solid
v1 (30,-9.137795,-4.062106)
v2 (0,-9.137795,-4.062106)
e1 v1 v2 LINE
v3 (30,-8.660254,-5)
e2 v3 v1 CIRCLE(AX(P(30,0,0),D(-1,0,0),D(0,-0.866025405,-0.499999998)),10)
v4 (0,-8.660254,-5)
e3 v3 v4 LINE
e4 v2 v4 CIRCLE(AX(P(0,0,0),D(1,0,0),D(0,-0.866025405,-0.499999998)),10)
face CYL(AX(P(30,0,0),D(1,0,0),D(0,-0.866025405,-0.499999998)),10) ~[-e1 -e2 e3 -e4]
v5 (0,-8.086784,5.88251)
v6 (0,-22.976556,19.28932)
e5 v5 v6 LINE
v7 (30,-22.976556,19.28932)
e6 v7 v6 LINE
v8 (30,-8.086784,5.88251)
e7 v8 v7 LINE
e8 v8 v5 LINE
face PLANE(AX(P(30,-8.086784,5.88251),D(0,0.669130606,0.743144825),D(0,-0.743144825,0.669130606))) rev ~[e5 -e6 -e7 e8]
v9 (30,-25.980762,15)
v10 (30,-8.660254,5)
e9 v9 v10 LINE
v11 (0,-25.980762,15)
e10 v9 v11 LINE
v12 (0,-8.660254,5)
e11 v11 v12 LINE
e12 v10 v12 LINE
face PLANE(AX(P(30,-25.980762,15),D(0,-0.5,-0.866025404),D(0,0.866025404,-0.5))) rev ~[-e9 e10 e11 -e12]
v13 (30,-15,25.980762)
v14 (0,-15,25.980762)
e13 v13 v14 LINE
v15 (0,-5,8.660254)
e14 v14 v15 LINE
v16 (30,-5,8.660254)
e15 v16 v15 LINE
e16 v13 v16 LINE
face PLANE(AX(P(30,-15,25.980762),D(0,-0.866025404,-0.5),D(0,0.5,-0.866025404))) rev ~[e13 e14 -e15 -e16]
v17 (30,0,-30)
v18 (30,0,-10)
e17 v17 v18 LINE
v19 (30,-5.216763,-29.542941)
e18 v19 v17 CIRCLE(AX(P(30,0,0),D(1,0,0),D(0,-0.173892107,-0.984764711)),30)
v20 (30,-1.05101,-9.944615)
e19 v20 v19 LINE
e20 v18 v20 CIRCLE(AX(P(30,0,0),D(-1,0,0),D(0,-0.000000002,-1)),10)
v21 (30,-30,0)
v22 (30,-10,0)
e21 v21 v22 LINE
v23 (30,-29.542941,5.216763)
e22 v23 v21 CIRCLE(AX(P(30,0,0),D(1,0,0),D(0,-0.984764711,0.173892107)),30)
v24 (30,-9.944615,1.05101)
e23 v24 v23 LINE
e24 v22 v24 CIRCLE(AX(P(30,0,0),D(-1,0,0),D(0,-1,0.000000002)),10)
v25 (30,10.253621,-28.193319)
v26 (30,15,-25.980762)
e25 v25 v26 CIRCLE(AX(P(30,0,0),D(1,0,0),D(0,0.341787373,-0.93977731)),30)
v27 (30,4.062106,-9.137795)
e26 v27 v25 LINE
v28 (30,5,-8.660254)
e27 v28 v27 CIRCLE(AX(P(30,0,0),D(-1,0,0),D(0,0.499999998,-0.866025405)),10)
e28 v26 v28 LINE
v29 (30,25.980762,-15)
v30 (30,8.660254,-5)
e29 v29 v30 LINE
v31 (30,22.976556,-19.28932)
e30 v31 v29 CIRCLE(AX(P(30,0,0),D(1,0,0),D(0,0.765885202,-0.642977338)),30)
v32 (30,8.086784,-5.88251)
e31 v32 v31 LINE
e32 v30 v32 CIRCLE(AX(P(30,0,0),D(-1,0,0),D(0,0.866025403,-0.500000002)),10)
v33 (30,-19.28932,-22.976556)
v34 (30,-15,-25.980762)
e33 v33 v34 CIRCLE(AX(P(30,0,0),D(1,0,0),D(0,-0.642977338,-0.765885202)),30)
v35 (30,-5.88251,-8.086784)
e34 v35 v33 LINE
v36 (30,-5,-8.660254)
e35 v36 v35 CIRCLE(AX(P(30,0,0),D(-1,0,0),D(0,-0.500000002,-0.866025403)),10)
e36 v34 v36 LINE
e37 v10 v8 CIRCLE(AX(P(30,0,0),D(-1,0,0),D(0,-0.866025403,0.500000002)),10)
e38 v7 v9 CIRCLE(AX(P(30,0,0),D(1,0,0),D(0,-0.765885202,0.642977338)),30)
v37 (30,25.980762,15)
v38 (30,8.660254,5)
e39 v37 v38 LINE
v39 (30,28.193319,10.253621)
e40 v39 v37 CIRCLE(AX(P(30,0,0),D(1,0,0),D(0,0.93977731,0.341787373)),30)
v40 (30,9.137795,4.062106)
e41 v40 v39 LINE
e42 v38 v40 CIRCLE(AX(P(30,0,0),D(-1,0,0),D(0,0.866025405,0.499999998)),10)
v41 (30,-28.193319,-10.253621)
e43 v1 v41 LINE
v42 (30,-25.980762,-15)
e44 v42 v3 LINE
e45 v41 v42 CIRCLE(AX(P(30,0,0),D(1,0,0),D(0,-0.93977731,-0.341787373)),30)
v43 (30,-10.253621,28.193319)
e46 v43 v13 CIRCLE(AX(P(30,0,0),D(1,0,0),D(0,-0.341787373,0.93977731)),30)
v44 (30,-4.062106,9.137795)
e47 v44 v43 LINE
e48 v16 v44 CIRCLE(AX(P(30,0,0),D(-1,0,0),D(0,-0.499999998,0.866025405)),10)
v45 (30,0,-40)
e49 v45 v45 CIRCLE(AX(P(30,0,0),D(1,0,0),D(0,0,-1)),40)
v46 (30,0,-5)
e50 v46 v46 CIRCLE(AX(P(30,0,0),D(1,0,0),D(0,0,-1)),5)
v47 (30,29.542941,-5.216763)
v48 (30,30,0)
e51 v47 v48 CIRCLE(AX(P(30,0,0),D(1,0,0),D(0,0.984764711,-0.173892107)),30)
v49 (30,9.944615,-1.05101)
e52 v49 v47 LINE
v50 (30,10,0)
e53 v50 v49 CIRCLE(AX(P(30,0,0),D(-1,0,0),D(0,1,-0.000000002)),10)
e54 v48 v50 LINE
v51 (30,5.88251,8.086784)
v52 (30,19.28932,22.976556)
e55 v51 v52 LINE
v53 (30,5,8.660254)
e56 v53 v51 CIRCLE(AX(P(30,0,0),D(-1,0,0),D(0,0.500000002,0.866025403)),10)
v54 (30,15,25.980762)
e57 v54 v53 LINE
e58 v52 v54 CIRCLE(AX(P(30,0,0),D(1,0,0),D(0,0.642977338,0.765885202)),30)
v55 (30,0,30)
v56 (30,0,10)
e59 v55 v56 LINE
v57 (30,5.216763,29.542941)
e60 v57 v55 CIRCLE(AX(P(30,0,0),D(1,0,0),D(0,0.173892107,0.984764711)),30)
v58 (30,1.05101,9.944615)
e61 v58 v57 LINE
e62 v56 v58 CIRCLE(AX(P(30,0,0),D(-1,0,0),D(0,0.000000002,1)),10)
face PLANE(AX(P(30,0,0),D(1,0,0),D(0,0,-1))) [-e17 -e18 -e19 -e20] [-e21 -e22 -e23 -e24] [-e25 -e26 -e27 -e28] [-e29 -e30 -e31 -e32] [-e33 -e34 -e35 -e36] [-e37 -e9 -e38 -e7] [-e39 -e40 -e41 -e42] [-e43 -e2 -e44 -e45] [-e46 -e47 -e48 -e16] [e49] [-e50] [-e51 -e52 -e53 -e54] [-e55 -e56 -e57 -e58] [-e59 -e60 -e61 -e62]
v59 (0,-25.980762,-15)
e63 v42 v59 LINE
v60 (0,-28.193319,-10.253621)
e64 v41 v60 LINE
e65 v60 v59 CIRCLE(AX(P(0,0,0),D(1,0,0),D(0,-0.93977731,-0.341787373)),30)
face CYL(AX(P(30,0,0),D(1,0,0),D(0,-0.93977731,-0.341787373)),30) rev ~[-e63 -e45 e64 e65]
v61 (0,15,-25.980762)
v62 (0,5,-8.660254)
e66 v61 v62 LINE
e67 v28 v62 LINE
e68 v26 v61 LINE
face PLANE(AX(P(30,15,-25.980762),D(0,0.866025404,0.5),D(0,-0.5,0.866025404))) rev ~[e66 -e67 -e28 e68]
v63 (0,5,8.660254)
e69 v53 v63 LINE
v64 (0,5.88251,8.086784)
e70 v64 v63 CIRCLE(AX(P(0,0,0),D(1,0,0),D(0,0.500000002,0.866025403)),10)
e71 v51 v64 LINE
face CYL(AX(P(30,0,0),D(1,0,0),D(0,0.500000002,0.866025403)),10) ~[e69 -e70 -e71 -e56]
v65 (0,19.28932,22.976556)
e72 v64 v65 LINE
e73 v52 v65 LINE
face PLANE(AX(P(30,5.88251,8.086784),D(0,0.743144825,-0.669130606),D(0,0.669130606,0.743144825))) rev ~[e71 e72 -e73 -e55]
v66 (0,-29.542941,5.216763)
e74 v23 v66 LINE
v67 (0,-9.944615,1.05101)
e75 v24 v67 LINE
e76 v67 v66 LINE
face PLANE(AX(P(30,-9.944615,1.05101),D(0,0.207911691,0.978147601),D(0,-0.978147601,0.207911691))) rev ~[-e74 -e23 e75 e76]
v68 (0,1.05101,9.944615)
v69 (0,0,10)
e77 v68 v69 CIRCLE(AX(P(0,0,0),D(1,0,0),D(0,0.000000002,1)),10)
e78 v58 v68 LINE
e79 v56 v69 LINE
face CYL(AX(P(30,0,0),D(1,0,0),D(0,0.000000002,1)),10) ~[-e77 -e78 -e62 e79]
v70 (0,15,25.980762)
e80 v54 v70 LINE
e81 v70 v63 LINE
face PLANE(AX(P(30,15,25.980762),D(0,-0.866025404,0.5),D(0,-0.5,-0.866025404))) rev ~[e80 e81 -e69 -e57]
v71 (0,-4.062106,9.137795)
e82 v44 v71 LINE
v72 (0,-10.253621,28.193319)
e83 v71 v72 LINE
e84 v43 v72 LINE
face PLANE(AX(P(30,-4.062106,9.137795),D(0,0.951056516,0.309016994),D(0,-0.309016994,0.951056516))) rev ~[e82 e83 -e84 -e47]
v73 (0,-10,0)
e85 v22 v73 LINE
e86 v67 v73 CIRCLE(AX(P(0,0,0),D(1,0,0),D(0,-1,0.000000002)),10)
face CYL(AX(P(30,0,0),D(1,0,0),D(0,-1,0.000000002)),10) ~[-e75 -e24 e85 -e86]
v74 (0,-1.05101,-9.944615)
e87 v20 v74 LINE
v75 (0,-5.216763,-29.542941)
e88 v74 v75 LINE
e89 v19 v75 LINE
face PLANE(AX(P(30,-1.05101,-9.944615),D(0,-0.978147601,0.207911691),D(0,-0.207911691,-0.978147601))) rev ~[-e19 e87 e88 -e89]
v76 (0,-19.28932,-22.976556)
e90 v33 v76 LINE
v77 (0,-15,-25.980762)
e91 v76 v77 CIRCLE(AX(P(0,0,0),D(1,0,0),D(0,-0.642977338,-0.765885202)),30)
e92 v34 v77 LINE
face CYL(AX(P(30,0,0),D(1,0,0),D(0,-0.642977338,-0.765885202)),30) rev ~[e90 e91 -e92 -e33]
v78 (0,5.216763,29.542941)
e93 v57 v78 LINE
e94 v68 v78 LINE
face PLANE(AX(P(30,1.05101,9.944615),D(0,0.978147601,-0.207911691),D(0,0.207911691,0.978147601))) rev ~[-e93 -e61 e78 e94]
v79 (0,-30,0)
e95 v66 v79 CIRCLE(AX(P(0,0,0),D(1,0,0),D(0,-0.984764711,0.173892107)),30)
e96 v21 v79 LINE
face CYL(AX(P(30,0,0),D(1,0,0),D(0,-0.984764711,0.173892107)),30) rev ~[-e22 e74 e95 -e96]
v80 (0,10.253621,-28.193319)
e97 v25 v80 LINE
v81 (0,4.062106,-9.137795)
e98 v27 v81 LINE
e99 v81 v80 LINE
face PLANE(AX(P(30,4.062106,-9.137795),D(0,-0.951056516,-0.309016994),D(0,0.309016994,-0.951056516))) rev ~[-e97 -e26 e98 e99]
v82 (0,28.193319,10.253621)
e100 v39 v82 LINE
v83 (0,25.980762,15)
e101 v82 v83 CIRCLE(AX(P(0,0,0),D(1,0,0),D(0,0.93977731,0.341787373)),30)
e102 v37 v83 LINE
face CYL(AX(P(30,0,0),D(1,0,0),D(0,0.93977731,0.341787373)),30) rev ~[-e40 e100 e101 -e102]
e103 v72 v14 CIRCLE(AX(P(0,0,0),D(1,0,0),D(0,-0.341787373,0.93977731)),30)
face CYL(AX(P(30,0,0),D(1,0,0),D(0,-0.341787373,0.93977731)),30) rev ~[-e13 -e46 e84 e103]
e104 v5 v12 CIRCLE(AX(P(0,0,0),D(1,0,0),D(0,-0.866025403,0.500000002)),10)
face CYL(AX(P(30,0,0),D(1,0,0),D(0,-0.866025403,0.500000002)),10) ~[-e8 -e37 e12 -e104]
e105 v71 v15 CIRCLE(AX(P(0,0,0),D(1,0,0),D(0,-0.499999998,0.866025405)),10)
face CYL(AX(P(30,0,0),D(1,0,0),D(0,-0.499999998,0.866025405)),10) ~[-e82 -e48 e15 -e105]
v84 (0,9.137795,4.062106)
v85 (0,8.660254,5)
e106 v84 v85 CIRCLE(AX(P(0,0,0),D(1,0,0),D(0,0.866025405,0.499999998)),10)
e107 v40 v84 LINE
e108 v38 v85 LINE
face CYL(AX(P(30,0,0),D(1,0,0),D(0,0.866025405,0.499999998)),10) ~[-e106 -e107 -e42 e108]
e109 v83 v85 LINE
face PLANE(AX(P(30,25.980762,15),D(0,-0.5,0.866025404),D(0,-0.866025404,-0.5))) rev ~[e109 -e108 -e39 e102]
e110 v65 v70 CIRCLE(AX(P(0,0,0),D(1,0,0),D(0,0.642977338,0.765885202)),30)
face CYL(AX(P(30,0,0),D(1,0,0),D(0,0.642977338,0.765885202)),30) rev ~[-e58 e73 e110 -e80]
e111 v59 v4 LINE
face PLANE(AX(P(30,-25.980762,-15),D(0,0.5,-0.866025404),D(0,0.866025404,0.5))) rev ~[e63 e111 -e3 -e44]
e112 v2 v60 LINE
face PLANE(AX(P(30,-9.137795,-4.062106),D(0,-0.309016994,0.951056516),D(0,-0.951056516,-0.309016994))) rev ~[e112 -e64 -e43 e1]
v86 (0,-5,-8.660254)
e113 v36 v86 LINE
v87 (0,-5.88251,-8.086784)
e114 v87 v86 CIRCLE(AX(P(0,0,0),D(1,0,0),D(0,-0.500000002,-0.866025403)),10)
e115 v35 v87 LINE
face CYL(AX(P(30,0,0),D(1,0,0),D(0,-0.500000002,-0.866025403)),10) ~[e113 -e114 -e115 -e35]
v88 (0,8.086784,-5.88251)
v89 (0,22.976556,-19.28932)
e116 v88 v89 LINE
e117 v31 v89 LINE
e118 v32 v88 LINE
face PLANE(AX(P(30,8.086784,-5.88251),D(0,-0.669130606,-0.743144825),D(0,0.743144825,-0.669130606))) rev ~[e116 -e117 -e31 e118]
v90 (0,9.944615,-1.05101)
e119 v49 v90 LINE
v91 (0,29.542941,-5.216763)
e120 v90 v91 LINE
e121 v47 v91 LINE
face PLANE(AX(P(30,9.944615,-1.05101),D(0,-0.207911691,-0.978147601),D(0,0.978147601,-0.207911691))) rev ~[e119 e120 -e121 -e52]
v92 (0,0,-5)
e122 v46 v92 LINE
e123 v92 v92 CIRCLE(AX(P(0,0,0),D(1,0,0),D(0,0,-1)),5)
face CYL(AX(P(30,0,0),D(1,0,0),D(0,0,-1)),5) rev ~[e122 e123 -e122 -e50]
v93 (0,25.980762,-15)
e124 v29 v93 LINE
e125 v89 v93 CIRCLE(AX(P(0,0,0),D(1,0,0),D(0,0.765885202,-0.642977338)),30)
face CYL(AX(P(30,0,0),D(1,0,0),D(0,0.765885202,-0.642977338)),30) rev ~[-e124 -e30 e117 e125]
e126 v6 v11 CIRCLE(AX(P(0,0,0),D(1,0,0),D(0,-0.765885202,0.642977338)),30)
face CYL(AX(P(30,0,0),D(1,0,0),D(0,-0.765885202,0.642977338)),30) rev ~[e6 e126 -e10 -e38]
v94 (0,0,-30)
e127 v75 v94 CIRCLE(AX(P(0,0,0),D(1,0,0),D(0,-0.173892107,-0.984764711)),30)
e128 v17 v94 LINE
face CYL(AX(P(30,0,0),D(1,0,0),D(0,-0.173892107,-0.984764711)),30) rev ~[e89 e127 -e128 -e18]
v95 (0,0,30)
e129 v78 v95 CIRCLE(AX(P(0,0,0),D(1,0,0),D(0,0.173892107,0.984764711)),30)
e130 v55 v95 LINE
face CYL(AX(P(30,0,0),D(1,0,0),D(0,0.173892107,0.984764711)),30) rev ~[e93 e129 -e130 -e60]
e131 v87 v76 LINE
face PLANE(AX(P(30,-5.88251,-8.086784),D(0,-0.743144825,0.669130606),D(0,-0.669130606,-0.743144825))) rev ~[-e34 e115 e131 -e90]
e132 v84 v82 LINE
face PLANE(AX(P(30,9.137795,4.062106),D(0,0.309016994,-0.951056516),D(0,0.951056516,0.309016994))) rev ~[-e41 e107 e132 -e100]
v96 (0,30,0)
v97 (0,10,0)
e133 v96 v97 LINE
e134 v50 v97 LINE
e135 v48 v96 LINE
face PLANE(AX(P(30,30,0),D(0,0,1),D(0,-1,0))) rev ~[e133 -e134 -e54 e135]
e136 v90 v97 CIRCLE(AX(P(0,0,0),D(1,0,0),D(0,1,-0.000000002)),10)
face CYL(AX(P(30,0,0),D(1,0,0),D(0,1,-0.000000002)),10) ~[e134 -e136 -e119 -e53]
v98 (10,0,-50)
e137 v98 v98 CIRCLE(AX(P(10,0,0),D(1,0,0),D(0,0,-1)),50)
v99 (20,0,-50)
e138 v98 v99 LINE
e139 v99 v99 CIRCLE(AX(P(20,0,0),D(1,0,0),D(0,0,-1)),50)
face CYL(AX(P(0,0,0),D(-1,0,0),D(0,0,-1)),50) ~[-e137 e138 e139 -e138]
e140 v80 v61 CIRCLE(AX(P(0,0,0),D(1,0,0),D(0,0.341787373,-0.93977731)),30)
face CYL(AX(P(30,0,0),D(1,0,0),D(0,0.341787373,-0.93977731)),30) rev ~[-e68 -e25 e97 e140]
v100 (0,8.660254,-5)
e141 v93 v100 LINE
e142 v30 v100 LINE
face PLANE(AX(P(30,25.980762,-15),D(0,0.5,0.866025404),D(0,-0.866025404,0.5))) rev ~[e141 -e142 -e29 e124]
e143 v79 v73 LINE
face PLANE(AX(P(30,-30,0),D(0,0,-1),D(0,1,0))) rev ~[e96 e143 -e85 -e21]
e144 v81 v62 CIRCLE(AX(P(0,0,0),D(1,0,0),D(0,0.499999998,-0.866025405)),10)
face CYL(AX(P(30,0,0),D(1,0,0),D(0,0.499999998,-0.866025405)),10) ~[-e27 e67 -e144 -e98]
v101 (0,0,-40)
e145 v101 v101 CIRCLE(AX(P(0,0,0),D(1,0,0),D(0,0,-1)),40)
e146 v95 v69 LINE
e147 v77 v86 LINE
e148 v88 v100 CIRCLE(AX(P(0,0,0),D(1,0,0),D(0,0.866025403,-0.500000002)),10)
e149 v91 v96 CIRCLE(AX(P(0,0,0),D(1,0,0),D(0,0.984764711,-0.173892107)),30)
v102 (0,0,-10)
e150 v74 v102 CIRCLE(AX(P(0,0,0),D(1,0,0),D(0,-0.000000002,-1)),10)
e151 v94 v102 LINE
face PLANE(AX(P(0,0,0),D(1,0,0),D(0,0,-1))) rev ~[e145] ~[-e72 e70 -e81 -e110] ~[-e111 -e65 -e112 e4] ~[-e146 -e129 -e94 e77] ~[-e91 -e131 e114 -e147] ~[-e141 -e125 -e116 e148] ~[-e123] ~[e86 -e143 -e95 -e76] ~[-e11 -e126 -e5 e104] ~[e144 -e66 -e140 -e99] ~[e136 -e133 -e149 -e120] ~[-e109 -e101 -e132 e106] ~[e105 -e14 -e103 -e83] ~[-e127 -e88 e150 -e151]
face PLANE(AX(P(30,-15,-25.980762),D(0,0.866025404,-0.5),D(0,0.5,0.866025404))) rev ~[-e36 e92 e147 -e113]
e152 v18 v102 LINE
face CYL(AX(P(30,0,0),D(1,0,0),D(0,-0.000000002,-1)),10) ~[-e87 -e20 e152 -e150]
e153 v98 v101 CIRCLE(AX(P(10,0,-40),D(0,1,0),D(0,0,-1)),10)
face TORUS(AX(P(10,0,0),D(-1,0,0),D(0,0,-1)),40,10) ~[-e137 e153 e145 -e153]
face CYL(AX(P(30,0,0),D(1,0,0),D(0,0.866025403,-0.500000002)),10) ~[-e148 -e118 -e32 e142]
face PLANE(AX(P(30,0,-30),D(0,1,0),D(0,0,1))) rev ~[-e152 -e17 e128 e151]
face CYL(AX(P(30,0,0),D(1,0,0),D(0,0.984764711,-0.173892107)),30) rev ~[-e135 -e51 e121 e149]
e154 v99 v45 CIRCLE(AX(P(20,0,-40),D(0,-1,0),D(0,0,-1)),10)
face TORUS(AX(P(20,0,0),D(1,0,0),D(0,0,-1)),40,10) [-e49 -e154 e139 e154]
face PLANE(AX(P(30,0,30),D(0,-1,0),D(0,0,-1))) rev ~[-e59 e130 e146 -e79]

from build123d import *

# Parameters (mm, degrees)
SKETCH1_R           = 50
BOSS_EXTRUDE1_DEPTH = 30
SKETCH2_R           = 5
CUT_EXTRUDE1_DEPTH  = 31
CUT_EXTRUDE10_DEPTH = 31
CIRPATTERN1_COUNT   = 12
FILLET1_R           = 10


with BuildPart() as part:
    # Sketch1 → Boss-Extrude1 (new body)
    with BuildSketch(Plane(origin=(0, 0, 0), x_dir=(0, 0, -1), z_dir=(1, 0, 0))):
        Circle(SKETCH1_R)
    extrude(amount=BOSS_EXTRUDE1_DEPTH)

    # Sketch2 → Cut-Extrude1 (cut, through all)
    with BuildSketch(Plane(origin=(30, 0, 0), x_dir=(0, 0, -1), z_dir=(1, 0, 0))):
        Circle(SKETCH2_R)
    extrude(amount=-CUT_EXTRUDE1_DEPTH, mode=Mode.SUBTRACT)

    # Sketch3 → Cut-Extrude10 (cut, through all)
    with BuildSketch(Plane(origin=(30, 0, 0), x_dir=(0, 0, -1), z_dir=(1, 0, 0))):
        with BuildLine():
            Line((0, -30), (0, -10))
            ThreePointArc((0, -10), (-0.526234368, -9.98614427), (-1.051010465, -9.944615478))
            Line((-1.051010465, -9.944615478), (-5.216763219, -29.542941315))
            ThreePointArc((-5.216763219, -29.542941315), (-2.618373595, -29.885516889), (0, -30))
        make_face()
    cut_extrude10 = extrude(amount=-CUT_EXTRUDE10_DEPTH, mode=Mode.SUBTRACT)

    # CirPattern1: Cut-Extrude10 ×12 about axis
    cirpattern1_axis = Axis((0, 0, 0), (1, 0, 0))
    for i in range(1, CIRPATTERN1_COUNT):
        add(cut_extrude10.rotate(cirpattern1_axis, i * 360 / CIRPATTERN1_COUNT), mode=Mode.SUBTRACT)

    # Fillet1
    fillet1_edges = [part.edges().sort_by_distance(p)[0] for p in [
        (0, 0, 50),
        (30, 0, 50),
    ]]
    fillet(fillet1_edges, radius=FILLET1_R)


solid = part.part
